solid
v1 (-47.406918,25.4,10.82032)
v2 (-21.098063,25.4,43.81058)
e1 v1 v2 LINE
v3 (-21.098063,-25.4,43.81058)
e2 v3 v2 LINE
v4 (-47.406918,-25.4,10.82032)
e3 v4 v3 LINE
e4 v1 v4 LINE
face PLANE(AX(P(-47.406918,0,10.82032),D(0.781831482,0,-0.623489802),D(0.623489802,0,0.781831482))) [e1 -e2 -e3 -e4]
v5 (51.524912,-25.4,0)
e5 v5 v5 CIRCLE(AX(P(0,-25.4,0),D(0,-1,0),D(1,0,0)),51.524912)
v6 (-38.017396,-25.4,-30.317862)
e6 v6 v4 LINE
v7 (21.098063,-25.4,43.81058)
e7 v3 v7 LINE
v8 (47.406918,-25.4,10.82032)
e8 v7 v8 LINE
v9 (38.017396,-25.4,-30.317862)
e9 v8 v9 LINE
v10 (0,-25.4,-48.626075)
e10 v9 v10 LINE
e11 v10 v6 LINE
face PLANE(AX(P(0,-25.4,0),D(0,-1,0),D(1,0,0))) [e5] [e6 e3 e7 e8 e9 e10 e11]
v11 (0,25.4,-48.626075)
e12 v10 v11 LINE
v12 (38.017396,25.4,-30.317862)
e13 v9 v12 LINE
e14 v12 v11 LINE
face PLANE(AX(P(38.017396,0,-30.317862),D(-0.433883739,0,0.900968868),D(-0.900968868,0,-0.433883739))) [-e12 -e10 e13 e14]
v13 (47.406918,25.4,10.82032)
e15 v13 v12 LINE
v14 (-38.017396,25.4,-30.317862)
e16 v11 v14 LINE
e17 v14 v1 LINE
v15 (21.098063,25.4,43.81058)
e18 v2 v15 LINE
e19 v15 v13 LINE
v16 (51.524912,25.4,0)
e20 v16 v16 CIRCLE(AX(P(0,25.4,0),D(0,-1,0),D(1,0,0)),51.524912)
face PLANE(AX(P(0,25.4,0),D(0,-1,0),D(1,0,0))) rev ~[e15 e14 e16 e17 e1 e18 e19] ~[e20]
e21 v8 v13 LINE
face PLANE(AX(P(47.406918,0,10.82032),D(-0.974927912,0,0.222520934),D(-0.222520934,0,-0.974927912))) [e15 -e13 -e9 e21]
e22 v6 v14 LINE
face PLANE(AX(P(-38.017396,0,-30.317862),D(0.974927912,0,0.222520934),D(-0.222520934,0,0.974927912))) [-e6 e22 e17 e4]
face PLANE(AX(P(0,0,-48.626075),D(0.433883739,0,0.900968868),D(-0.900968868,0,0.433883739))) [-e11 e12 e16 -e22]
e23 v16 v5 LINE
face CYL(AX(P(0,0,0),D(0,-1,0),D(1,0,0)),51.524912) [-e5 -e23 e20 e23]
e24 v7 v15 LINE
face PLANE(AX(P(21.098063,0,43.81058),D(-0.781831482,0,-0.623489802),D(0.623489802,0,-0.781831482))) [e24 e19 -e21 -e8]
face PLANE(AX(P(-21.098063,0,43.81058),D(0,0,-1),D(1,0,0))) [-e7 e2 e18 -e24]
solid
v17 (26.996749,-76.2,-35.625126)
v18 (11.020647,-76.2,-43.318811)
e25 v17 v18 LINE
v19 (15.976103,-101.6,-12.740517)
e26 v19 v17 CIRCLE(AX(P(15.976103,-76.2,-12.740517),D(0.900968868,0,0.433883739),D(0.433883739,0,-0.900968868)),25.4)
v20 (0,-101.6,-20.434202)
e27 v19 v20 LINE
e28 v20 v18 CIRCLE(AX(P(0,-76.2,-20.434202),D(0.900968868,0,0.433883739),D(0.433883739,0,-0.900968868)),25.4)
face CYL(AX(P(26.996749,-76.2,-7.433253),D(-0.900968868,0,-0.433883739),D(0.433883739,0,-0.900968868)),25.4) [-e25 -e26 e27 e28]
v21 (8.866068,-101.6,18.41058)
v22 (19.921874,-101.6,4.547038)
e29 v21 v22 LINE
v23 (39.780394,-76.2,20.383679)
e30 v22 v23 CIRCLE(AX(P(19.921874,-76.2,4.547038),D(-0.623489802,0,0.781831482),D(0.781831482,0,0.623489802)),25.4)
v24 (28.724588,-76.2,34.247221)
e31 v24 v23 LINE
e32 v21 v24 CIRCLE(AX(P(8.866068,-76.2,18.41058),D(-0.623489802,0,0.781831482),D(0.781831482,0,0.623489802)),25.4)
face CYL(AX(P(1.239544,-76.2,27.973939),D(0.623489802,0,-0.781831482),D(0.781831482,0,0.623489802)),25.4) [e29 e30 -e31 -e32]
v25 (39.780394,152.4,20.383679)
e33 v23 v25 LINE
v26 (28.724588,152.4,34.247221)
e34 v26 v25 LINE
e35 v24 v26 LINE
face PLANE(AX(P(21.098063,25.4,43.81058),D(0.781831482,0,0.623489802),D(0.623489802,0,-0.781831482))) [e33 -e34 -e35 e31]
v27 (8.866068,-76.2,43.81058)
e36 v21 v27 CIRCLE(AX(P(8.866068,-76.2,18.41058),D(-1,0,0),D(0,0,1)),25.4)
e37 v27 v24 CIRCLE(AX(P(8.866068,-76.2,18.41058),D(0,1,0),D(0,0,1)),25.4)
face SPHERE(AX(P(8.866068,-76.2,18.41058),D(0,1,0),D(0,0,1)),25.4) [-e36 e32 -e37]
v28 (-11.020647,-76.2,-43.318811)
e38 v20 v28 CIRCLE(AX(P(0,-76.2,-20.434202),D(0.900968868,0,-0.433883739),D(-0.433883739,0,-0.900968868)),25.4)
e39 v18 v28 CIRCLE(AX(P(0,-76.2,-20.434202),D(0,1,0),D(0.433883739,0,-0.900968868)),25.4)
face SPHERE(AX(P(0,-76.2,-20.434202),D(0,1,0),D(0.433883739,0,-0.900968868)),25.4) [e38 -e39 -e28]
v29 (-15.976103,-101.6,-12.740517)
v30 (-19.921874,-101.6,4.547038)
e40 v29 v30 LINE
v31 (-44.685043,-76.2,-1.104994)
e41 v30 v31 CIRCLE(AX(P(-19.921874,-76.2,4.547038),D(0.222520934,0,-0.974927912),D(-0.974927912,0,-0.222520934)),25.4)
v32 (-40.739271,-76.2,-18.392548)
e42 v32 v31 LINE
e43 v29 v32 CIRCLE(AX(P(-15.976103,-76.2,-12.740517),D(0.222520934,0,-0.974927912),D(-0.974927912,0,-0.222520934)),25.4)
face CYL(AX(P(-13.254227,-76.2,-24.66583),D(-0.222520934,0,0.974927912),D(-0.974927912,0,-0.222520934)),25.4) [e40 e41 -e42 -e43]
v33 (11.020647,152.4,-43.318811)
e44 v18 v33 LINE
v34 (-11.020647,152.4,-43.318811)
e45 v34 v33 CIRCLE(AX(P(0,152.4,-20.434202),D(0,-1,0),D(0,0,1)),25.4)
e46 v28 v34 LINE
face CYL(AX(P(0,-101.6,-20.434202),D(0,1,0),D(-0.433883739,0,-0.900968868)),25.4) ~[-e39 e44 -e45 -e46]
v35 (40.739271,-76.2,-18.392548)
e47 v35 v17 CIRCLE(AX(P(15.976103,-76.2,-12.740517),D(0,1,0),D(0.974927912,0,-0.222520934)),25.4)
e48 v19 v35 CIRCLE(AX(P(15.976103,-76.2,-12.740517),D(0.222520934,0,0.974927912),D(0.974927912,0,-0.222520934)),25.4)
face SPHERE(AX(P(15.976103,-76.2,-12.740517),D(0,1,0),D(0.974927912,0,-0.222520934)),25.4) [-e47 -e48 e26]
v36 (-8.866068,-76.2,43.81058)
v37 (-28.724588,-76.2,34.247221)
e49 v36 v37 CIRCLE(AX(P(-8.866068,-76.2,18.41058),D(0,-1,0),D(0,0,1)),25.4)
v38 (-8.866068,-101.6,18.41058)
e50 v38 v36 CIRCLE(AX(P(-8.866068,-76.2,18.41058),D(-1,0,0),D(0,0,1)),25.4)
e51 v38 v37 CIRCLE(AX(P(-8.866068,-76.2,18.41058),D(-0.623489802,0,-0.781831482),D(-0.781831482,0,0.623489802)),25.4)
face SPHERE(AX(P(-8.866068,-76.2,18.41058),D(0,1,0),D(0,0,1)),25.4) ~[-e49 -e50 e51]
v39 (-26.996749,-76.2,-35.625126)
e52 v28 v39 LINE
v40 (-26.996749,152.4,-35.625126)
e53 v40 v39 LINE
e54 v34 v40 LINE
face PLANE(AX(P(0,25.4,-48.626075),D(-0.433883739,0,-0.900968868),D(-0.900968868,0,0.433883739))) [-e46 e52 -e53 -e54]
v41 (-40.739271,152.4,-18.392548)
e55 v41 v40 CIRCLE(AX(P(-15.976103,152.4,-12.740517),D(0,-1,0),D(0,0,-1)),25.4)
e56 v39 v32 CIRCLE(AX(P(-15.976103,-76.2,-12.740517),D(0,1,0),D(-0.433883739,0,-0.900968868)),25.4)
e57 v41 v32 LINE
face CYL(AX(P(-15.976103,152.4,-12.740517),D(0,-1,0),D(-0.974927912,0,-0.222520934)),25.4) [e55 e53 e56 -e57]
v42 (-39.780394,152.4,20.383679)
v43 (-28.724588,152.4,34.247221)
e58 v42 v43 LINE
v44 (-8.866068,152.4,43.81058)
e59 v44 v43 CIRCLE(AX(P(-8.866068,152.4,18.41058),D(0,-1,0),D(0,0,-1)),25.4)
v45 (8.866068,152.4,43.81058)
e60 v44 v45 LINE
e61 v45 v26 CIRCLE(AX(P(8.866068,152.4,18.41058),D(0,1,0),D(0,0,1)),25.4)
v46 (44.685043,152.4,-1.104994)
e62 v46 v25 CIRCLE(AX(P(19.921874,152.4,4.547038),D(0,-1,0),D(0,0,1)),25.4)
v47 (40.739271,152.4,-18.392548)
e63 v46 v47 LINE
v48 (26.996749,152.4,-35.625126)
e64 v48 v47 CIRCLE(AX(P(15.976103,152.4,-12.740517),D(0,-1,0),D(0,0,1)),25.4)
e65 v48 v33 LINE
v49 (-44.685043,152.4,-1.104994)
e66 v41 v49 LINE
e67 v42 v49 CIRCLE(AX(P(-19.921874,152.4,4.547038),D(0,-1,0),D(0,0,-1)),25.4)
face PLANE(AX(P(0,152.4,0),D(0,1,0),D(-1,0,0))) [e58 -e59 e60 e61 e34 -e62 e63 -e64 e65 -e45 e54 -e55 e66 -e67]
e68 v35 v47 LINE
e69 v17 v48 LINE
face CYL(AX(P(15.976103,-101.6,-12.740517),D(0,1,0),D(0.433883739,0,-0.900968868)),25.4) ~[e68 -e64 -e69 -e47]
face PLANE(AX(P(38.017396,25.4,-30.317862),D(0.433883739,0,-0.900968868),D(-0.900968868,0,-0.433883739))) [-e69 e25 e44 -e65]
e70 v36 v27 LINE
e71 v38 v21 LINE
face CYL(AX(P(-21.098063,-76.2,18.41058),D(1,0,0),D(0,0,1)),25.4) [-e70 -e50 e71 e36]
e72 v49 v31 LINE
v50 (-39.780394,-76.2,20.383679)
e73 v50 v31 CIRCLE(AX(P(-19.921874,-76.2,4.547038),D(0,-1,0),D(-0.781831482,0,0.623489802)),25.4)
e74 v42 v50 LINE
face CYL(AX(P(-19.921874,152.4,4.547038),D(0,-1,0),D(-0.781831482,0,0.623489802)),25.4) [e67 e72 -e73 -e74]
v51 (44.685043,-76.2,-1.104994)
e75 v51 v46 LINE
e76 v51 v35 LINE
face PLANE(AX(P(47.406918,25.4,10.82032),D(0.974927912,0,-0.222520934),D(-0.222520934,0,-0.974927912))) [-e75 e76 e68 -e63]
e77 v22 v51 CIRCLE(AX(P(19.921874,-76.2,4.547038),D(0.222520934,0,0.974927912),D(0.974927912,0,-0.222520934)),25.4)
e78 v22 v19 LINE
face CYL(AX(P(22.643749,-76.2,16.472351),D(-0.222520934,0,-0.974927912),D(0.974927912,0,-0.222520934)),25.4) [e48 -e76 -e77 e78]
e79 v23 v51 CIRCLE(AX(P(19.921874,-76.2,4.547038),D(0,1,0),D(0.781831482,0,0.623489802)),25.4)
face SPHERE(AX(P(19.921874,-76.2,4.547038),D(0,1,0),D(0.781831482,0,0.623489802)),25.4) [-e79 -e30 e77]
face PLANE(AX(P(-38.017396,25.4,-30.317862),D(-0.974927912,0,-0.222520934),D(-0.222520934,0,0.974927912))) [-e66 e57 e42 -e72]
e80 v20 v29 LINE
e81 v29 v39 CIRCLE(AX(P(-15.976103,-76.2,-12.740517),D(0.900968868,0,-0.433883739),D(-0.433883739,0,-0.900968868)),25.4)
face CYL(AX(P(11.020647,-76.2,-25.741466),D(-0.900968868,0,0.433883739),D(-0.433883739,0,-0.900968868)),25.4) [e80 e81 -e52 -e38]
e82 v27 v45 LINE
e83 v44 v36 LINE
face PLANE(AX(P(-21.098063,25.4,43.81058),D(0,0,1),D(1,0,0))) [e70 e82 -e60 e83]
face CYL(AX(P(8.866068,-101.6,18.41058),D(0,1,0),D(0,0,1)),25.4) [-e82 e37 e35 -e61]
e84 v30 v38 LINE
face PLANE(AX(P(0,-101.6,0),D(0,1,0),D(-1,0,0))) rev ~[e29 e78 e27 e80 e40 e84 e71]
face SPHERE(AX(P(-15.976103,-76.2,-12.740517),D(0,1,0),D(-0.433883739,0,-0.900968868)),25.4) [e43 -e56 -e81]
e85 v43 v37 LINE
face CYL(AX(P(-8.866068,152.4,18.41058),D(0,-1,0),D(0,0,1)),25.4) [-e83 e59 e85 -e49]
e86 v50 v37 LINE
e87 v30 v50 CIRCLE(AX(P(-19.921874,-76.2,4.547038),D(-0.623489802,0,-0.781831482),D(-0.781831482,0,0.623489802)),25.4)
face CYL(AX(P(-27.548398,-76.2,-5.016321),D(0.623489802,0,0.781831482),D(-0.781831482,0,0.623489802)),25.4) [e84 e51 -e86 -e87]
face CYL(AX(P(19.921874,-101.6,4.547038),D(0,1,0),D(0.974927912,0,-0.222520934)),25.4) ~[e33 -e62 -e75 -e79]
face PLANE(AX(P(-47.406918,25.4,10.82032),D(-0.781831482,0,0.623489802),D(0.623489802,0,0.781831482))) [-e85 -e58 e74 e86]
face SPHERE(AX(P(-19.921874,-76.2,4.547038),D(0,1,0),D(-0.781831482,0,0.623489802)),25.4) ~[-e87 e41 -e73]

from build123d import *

# Parameters (mm, degrees)
F0_R     = 51.5249120955
F1_DEPTH = 25.4
F3_DEPTH = 127
F4_R     = 25.4


with BuildPart() as f1:
    # F0 (on Front) → F1 (new body, symmetric)
    with BuildSketch(Plane.XZ):
        Circle(F0_R)
        Polygon((-47.4069179748, 10.8203196687), (-21.0980633275, 43.8105799258), (21.0980633275, 43.8105799258), (47.4069179748, 10.8203196687), (38.0173964622, -30.3178619932), (0, -48.6260752025), (-38.0173964622, -30.3178619932), align=None, mode=Mode.SUBTRACT)
    extrude(amount=F1_DEPTH, both=True)


with BuildPart() as f3:
    # F2 (on face) → F3 (new body, symmetric)
    with BuildSketch(Plane(origin=(0, 25.4, 0), x_dir=(-1, 0, 0), z_dir=(0, 1, 0))):
        Polygon((21.0980633275, 43.8105799258), (-21.0980633275, 43.8105799258), (-47.4069179748, 10.8203196687), (-38.0173964622, -30.3178619932), (0, -48.6260752025), (38.0173964622, -30.3178619932), (47.4069179748, 10.8203196687), align=None)
    extrude(amount=F3_DEPTH, both=True)

    # F4
    f4_edges = [f3.edges().sort_by_distance(p)[0] for p in [
        (0, -101.6, 43.81058),
        (-34.252491, -101.6, 27.31545),
        (34.252491, -101.6, 27.31545),
        (42.712157, -101.6, -9.748771),
        (19.008698, -101.6, -39.471969),
        (-19.008698, -101.6, -39.471969),
        (-42.712157, -101.6, -9.748771),
        (47.406918, 25.4, 10.82032),
        (21.098063, 25.4, 43.81058),
        (-21.098063, 25.4, 43.81058),
        (-47.406918, 25.4, 10.82032),
        (-38.017396, 25.4, -30.317862),
        (38.017396, 25.4, -30.317862),
        (0, 25.4, -48.626075),
    ]]
    fillet(f4_edges, radius=F4_R)


solid = Compound([f1.part, f3.part])
